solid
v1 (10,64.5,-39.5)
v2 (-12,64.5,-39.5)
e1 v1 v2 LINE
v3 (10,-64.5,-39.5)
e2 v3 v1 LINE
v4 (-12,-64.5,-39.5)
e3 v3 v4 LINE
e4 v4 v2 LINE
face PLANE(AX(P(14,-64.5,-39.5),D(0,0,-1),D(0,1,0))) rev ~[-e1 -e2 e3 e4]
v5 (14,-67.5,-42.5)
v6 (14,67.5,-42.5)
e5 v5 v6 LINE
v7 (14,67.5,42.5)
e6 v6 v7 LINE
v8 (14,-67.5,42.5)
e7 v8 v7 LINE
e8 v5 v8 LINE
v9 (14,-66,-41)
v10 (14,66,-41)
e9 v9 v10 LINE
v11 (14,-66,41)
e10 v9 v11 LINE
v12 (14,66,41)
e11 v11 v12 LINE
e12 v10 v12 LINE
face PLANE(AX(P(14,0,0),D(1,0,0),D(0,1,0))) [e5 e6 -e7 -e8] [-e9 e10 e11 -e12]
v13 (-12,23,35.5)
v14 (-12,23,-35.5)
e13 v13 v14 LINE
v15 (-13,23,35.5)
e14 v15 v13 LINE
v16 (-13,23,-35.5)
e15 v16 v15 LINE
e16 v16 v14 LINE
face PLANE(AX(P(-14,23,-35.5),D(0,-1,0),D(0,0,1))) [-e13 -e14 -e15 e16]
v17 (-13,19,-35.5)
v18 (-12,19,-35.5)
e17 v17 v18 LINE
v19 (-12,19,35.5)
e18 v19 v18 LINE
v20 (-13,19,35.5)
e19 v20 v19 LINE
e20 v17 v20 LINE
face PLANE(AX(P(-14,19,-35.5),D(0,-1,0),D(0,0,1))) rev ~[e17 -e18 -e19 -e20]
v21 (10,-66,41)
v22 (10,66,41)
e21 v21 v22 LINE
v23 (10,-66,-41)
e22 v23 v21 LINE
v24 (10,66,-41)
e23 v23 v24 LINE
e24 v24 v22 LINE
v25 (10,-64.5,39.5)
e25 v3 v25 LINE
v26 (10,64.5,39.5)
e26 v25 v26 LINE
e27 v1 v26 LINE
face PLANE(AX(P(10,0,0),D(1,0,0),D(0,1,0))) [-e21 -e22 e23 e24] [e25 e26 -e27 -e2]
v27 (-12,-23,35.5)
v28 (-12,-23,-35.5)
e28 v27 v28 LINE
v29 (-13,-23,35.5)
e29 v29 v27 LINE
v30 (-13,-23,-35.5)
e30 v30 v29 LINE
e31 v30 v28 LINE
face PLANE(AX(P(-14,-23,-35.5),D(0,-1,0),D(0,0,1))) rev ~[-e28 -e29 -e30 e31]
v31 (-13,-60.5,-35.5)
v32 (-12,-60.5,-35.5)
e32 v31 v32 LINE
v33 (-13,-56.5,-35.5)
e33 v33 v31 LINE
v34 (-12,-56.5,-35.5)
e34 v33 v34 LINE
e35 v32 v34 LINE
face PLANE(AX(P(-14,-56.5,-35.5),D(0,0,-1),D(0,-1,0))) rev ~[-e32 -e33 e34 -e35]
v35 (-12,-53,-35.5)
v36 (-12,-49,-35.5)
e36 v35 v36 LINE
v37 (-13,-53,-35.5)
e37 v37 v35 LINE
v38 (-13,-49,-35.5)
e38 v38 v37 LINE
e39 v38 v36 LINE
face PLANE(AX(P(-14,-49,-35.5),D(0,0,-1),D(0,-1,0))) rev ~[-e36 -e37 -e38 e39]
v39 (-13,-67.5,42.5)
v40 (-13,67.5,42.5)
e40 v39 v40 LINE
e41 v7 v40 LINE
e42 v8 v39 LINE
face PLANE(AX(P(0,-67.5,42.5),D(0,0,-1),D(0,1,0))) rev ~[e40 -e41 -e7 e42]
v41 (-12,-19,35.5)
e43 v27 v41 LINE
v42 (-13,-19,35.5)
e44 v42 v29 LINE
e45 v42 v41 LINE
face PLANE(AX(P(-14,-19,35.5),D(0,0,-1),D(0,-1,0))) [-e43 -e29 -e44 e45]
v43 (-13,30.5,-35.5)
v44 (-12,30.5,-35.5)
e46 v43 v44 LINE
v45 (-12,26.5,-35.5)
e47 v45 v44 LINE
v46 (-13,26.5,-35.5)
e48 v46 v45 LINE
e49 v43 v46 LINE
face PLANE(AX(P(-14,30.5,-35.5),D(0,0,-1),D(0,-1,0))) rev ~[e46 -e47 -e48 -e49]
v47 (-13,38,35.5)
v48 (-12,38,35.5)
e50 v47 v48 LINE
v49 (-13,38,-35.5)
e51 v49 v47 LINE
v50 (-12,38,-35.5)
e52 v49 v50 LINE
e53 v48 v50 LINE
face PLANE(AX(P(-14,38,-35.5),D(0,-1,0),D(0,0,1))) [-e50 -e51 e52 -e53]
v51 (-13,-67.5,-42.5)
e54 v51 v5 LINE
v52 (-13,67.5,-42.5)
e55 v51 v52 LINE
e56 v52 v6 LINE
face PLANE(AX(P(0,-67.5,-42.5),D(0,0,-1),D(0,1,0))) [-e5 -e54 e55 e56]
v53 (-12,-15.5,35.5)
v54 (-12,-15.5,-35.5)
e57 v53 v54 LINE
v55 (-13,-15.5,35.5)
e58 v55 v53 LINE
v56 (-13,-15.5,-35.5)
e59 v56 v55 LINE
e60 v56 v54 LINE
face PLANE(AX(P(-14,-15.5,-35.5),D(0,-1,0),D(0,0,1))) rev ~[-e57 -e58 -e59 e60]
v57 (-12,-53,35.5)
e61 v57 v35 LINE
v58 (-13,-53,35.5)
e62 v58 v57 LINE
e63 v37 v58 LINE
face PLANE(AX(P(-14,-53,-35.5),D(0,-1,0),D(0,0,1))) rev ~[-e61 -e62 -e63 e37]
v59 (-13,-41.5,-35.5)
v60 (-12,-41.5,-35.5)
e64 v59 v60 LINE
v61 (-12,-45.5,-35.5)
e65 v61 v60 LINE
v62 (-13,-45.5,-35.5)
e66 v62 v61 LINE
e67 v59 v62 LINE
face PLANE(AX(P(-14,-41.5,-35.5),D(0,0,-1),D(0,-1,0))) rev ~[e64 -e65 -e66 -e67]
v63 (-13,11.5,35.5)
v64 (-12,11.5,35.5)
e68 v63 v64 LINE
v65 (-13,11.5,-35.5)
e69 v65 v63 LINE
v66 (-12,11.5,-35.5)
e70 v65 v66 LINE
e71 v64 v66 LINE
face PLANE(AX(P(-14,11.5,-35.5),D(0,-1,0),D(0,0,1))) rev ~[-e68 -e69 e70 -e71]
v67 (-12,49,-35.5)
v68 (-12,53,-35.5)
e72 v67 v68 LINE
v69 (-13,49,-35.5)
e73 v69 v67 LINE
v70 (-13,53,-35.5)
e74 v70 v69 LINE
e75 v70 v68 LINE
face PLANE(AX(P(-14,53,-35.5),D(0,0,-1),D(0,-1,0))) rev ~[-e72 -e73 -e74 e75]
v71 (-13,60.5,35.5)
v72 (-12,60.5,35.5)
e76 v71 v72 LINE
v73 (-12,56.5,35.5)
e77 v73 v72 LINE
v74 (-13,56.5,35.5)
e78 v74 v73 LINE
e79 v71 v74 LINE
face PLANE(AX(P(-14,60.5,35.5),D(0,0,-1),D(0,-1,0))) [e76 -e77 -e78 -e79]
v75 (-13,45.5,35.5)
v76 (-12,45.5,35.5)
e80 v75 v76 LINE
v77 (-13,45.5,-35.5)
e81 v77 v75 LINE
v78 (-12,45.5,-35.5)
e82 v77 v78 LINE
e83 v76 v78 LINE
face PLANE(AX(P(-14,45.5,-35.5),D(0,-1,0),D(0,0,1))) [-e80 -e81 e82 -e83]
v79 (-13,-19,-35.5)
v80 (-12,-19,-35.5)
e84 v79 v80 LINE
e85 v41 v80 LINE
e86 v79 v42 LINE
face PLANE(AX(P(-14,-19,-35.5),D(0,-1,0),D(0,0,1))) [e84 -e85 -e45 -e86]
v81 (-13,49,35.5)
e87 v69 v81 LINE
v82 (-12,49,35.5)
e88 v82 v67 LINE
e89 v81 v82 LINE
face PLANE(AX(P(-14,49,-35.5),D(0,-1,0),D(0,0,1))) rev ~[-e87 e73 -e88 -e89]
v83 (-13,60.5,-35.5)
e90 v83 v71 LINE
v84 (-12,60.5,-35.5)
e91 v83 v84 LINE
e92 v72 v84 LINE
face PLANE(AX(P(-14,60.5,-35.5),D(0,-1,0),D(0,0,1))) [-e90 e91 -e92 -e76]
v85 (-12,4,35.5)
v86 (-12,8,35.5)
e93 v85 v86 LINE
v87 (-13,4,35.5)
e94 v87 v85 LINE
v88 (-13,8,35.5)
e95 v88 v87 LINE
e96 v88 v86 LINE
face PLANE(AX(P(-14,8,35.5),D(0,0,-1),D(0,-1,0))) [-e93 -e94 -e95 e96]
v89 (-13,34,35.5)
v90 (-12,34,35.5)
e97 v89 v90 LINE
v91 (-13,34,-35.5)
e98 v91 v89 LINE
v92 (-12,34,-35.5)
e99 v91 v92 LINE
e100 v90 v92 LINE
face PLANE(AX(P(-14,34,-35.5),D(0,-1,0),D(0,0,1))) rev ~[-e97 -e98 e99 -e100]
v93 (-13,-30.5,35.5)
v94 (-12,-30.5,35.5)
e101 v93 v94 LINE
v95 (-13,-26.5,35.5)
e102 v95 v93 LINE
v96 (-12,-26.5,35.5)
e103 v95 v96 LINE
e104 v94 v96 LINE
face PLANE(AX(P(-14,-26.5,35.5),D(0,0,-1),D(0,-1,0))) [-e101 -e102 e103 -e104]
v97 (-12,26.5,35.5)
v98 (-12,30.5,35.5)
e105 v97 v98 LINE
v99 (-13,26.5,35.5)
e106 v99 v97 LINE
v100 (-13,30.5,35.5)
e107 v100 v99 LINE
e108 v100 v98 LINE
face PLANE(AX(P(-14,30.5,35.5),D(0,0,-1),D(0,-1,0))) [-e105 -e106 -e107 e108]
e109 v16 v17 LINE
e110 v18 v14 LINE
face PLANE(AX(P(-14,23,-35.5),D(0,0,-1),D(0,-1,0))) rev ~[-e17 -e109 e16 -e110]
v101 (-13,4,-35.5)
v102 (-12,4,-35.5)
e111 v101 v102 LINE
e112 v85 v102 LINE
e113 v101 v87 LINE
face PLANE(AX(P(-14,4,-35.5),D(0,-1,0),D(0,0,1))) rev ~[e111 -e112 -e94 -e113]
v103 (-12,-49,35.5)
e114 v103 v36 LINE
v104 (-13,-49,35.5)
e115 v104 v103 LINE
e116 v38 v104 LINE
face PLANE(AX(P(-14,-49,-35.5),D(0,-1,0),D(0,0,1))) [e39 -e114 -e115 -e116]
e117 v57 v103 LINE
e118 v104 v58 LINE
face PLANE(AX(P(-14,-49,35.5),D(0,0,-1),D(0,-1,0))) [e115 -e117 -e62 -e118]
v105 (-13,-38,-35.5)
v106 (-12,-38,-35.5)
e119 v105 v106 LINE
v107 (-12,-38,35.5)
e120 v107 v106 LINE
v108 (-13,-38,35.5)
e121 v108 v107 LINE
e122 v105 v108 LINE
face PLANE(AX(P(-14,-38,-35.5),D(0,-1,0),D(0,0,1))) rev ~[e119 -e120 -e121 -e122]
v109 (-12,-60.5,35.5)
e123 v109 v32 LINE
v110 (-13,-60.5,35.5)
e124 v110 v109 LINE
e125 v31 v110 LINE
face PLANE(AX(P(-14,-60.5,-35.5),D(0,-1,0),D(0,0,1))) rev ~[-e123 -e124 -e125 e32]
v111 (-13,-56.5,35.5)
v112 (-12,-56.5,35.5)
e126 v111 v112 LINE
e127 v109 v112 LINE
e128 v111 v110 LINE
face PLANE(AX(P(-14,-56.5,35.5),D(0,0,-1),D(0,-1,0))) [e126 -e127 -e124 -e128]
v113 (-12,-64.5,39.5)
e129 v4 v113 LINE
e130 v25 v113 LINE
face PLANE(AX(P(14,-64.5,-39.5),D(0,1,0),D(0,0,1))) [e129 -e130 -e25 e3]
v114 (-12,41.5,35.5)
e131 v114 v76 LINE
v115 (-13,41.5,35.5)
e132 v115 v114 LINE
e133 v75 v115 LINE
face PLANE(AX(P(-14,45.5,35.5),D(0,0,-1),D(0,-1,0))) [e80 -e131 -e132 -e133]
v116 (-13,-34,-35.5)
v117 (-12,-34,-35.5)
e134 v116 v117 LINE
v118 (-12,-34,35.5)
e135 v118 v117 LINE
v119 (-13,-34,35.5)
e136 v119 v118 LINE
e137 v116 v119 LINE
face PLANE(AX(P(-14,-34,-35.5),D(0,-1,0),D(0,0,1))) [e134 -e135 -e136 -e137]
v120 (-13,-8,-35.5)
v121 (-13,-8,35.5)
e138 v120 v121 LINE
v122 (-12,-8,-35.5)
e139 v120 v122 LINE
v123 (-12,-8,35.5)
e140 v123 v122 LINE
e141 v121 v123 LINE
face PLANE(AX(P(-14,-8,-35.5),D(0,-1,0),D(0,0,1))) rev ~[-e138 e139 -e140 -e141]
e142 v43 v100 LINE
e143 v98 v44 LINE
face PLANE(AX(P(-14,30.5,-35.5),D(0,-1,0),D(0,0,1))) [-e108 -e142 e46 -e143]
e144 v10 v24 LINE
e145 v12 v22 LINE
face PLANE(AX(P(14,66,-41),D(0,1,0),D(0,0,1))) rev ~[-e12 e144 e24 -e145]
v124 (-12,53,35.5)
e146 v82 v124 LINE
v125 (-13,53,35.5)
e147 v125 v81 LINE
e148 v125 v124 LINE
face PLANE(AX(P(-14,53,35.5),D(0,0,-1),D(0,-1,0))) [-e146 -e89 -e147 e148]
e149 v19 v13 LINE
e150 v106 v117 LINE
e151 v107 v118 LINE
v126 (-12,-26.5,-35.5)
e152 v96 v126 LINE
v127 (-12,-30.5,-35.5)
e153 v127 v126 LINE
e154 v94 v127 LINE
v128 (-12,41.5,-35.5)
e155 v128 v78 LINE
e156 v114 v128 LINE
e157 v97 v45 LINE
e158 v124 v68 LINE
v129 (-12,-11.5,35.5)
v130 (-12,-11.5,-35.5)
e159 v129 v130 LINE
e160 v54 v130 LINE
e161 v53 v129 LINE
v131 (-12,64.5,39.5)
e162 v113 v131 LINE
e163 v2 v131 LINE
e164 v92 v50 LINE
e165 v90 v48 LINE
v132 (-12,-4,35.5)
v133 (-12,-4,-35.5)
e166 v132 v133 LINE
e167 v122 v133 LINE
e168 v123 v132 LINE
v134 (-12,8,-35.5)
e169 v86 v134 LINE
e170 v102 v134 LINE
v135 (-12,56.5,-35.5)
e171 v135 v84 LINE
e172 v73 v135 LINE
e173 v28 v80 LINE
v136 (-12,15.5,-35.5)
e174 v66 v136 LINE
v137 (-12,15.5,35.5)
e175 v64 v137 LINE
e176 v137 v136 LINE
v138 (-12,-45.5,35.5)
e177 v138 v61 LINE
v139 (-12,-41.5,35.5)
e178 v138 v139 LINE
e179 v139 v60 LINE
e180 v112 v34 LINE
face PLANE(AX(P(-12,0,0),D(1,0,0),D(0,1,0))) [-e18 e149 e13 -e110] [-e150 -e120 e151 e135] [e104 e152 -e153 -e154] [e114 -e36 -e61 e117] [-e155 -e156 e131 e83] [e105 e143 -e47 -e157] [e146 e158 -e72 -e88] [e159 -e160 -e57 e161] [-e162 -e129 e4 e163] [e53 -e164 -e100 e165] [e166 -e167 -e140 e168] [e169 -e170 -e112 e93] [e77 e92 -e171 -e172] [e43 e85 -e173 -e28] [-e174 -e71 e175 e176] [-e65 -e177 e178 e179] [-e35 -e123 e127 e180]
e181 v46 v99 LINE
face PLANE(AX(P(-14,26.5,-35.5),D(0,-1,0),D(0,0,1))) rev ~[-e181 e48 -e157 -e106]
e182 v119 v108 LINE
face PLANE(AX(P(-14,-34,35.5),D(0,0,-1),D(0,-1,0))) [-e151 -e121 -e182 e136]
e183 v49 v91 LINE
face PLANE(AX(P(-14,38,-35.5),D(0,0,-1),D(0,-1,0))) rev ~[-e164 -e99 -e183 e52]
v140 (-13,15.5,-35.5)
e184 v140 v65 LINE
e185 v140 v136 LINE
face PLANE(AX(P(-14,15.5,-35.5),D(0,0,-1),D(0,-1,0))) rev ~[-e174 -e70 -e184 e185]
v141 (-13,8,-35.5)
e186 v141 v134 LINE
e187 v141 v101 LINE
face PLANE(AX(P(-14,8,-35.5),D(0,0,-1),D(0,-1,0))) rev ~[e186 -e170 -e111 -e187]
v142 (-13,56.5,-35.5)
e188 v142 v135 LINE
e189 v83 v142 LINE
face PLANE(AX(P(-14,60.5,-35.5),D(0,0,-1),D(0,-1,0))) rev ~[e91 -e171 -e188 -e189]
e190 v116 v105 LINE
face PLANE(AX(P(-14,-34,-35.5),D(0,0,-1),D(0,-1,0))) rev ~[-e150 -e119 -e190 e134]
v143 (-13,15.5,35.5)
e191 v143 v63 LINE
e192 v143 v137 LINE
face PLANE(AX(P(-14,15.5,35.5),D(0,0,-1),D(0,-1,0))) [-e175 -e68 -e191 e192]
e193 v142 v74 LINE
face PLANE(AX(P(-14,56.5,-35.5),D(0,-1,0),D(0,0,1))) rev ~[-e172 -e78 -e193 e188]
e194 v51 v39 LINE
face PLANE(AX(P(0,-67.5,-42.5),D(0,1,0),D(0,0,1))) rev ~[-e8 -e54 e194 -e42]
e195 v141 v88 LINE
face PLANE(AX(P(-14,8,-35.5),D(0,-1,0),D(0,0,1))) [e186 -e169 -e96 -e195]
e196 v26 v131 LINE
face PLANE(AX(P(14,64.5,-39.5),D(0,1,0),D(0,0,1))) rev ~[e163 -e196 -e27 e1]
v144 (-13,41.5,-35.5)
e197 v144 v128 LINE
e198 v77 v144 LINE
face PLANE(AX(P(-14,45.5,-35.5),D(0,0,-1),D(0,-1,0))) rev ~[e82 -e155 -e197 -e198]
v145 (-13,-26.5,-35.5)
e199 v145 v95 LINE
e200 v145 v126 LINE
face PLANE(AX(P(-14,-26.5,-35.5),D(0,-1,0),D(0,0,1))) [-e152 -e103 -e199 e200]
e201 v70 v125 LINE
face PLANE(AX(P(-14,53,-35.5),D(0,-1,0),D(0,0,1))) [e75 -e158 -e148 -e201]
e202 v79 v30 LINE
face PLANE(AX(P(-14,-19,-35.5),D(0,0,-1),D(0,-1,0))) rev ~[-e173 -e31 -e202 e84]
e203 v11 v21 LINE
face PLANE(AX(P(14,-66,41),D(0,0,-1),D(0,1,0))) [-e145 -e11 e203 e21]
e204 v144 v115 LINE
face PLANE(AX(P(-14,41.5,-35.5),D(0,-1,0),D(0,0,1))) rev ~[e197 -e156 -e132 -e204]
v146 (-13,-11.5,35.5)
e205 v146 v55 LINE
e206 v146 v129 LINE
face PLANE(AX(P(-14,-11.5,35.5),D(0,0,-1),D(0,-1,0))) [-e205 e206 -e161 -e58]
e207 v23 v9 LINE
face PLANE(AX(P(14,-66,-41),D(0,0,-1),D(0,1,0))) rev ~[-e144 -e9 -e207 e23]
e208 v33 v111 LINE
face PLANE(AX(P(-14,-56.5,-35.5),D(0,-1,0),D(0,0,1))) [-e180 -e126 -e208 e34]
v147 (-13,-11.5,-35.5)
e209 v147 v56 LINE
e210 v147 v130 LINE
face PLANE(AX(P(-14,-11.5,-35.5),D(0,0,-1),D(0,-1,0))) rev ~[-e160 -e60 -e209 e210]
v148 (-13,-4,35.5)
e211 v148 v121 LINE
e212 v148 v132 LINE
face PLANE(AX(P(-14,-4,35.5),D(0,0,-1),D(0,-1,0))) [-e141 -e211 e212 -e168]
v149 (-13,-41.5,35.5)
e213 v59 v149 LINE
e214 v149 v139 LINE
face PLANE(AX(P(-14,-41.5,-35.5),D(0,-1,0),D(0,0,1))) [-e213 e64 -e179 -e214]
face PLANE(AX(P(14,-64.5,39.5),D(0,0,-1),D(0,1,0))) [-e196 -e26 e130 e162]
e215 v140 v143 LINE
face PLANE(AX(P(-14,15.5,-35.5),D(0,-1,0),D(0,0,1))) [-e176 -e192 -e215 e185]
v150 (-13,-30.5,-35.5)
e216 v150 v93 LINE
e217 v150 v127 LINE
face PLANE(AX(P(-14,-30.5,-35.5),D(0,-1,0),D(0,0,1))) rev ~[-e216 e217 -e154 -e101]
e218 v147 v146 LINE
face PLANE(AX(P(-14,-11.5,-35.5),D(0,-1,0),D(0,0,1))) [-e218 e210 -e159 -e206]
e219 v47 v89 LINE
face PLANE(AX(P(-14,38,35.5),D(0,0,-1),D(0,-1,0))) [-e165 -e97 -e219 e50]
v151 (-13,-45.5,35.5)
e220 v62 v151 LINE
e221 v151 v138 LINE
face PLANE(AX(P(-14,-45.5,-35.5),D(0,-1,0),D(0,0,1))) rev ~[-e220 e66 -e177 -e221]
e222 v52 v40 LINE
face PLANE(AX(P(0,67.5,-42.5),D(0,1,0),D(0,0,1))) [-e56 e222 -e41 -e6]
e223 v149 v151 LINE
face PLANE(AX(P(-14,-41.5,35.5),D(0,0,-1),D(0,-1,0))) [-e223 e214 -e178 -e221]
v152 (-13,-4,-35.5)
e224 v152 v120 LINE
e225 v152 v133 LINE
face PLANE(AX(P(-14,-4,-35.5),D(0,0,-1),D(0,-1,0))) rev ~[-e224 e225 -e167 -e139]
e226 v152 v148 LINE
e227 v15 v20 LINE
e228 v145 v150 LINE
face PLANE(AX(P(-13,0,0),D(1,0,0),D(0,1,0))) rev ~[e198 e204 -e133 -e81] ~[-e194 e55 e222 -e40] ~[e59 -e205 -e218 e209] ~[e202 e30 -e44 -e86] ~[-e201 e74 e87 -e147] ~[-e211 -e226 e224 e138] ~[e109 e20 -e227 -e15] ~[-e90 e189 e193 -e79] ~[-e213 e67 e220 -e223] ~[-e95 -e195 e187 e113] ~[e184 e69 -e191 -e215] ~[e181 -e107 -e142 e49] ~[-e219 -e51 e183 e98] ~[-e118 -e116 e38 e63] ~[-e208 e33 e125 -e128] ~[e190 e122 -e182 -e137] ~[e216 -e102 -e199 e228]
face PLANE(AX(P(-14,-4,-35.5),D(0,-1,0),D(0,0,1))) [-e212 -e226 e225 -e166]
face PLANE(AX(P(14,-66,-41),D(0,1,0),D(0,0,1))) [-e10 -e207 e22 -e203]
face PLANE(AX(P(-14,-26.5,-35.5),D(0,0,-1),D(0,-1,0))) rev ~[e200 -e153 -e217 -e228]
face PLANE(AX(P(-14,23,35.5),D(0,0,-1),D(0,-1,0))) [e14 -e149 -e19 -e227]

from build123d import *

# Parameters (mm, degrees)
F0_W     = 135
F0_H     = 85
F1_DEPTH = 14
F2_W     = 129
F2_H     = 79
F3_DEPTH = 26
F4_W     = 132
F4_H     = 82
F4_W_2   = 129
F4_H_2   = 79
F5_DEPTH = 3
F6_W     = 4
F6_H     = 71
F7_DEPTH = 25
F8_DEPTH = 1
F9_DEPTH = 1


with BuildPart() as f1:
    # F0 (on Right) → F1 (new body, symmetric)
    with BuildSketch(Plane.YZ):
        Rectangle(F0_W, F0_H)
    extrude(amount=F1_DEPTH, both=True)

    # F2 (on face) → F3 (cut)
    with BuildSketch(Plane.YZ.offset(14)):
        Rectangle(F2_W, F2_H)
    extrude(amount=-F3_DEPTH, mode=Mode.SUBTRACT)

    # F4 (on face) → F5 (cut)
    with BuildSketch(Plane.YZ.offset(14)):
        Rectangle(F4_W, F4_H)
        Rectangle(F4_W_2, F4_H_2, mode=Mode.SUBTRACT)
    extrude(amount=-F5_DEPTH, mode=Mode.SUBTRACT)

    # F6 (on face) → F7 (cut)
    with BuildSketch(Plane(origin=(-14, 0, 0), x_dir=(0, -1, 0), z_dir=(-1, 0, 0))):
        with Locations((-58.5, 0)):
            Rectangle(F6_W, F6_H)
        with Locations((-51, 0)):
            Rectangle(F6_W, F6_H)
        with Locations((-43.5, 0)):
            Rectangle(F6_W, F6_H)
        with Locations((-36, 0)):
            Rectangle(F6_W, F6_H)
        with Locations((-28.5, 0)):
            Rectangle(F6_W, F6_H)
        with Locations((-21, 0)):
            Rectangle(F6_W, F6_H)
        with Locations((-13.5, 0)):
            Rectangle(F6_W, F6_H)
        with Locations((-6, 0)):
            Rectangle(F6_W, F6_H)
        with Locations((43.5, 0)):
            Rectangle(F6_W, F6_H)
        with Locations((21, 0)):
            Rectangle(F6_W, F6_H)
        with Locations((28.5, 0)):
            Rectangle(F6_W, F6_H)
        with Locations((13.5, 0)):
            Rectangle(F6_W, F6_H)
        with Locations((58.5, 0)):
            Rectangle(F6_W, F6_H)
        with Locations((36, 0)):
            Rectangle(F6_W, F6_H)
        with Locations((51, 0)):
            Rectangle(F6_W, F6_H)
        with Locations((6, 0)):
            Rectangle(F6_W, F6_H)
    extrude(amount=-F7_DEPTH, mode=Mode.SUBTRACT)

    # F8 (cut): a face of the model
    f8_faces = [f1.faces().sort_by_distance(p)[0] for p in [
        (-14, 0, 0),
    ]]
    extrude(f8_faces, amount=-F8_DEPTH, mode=Mode.SUBTRACT)

    # F9 (cut): a face of the model
    f9_faces = [f1.faces().sort_by_distance(p)[0] for p in [
        (11, 0, 40.8446037323),
    ]]
    extrude(f9_faces, amount=-F9_DEPTH, mode=Mode.SUBTRACT)


solid = f1.part
